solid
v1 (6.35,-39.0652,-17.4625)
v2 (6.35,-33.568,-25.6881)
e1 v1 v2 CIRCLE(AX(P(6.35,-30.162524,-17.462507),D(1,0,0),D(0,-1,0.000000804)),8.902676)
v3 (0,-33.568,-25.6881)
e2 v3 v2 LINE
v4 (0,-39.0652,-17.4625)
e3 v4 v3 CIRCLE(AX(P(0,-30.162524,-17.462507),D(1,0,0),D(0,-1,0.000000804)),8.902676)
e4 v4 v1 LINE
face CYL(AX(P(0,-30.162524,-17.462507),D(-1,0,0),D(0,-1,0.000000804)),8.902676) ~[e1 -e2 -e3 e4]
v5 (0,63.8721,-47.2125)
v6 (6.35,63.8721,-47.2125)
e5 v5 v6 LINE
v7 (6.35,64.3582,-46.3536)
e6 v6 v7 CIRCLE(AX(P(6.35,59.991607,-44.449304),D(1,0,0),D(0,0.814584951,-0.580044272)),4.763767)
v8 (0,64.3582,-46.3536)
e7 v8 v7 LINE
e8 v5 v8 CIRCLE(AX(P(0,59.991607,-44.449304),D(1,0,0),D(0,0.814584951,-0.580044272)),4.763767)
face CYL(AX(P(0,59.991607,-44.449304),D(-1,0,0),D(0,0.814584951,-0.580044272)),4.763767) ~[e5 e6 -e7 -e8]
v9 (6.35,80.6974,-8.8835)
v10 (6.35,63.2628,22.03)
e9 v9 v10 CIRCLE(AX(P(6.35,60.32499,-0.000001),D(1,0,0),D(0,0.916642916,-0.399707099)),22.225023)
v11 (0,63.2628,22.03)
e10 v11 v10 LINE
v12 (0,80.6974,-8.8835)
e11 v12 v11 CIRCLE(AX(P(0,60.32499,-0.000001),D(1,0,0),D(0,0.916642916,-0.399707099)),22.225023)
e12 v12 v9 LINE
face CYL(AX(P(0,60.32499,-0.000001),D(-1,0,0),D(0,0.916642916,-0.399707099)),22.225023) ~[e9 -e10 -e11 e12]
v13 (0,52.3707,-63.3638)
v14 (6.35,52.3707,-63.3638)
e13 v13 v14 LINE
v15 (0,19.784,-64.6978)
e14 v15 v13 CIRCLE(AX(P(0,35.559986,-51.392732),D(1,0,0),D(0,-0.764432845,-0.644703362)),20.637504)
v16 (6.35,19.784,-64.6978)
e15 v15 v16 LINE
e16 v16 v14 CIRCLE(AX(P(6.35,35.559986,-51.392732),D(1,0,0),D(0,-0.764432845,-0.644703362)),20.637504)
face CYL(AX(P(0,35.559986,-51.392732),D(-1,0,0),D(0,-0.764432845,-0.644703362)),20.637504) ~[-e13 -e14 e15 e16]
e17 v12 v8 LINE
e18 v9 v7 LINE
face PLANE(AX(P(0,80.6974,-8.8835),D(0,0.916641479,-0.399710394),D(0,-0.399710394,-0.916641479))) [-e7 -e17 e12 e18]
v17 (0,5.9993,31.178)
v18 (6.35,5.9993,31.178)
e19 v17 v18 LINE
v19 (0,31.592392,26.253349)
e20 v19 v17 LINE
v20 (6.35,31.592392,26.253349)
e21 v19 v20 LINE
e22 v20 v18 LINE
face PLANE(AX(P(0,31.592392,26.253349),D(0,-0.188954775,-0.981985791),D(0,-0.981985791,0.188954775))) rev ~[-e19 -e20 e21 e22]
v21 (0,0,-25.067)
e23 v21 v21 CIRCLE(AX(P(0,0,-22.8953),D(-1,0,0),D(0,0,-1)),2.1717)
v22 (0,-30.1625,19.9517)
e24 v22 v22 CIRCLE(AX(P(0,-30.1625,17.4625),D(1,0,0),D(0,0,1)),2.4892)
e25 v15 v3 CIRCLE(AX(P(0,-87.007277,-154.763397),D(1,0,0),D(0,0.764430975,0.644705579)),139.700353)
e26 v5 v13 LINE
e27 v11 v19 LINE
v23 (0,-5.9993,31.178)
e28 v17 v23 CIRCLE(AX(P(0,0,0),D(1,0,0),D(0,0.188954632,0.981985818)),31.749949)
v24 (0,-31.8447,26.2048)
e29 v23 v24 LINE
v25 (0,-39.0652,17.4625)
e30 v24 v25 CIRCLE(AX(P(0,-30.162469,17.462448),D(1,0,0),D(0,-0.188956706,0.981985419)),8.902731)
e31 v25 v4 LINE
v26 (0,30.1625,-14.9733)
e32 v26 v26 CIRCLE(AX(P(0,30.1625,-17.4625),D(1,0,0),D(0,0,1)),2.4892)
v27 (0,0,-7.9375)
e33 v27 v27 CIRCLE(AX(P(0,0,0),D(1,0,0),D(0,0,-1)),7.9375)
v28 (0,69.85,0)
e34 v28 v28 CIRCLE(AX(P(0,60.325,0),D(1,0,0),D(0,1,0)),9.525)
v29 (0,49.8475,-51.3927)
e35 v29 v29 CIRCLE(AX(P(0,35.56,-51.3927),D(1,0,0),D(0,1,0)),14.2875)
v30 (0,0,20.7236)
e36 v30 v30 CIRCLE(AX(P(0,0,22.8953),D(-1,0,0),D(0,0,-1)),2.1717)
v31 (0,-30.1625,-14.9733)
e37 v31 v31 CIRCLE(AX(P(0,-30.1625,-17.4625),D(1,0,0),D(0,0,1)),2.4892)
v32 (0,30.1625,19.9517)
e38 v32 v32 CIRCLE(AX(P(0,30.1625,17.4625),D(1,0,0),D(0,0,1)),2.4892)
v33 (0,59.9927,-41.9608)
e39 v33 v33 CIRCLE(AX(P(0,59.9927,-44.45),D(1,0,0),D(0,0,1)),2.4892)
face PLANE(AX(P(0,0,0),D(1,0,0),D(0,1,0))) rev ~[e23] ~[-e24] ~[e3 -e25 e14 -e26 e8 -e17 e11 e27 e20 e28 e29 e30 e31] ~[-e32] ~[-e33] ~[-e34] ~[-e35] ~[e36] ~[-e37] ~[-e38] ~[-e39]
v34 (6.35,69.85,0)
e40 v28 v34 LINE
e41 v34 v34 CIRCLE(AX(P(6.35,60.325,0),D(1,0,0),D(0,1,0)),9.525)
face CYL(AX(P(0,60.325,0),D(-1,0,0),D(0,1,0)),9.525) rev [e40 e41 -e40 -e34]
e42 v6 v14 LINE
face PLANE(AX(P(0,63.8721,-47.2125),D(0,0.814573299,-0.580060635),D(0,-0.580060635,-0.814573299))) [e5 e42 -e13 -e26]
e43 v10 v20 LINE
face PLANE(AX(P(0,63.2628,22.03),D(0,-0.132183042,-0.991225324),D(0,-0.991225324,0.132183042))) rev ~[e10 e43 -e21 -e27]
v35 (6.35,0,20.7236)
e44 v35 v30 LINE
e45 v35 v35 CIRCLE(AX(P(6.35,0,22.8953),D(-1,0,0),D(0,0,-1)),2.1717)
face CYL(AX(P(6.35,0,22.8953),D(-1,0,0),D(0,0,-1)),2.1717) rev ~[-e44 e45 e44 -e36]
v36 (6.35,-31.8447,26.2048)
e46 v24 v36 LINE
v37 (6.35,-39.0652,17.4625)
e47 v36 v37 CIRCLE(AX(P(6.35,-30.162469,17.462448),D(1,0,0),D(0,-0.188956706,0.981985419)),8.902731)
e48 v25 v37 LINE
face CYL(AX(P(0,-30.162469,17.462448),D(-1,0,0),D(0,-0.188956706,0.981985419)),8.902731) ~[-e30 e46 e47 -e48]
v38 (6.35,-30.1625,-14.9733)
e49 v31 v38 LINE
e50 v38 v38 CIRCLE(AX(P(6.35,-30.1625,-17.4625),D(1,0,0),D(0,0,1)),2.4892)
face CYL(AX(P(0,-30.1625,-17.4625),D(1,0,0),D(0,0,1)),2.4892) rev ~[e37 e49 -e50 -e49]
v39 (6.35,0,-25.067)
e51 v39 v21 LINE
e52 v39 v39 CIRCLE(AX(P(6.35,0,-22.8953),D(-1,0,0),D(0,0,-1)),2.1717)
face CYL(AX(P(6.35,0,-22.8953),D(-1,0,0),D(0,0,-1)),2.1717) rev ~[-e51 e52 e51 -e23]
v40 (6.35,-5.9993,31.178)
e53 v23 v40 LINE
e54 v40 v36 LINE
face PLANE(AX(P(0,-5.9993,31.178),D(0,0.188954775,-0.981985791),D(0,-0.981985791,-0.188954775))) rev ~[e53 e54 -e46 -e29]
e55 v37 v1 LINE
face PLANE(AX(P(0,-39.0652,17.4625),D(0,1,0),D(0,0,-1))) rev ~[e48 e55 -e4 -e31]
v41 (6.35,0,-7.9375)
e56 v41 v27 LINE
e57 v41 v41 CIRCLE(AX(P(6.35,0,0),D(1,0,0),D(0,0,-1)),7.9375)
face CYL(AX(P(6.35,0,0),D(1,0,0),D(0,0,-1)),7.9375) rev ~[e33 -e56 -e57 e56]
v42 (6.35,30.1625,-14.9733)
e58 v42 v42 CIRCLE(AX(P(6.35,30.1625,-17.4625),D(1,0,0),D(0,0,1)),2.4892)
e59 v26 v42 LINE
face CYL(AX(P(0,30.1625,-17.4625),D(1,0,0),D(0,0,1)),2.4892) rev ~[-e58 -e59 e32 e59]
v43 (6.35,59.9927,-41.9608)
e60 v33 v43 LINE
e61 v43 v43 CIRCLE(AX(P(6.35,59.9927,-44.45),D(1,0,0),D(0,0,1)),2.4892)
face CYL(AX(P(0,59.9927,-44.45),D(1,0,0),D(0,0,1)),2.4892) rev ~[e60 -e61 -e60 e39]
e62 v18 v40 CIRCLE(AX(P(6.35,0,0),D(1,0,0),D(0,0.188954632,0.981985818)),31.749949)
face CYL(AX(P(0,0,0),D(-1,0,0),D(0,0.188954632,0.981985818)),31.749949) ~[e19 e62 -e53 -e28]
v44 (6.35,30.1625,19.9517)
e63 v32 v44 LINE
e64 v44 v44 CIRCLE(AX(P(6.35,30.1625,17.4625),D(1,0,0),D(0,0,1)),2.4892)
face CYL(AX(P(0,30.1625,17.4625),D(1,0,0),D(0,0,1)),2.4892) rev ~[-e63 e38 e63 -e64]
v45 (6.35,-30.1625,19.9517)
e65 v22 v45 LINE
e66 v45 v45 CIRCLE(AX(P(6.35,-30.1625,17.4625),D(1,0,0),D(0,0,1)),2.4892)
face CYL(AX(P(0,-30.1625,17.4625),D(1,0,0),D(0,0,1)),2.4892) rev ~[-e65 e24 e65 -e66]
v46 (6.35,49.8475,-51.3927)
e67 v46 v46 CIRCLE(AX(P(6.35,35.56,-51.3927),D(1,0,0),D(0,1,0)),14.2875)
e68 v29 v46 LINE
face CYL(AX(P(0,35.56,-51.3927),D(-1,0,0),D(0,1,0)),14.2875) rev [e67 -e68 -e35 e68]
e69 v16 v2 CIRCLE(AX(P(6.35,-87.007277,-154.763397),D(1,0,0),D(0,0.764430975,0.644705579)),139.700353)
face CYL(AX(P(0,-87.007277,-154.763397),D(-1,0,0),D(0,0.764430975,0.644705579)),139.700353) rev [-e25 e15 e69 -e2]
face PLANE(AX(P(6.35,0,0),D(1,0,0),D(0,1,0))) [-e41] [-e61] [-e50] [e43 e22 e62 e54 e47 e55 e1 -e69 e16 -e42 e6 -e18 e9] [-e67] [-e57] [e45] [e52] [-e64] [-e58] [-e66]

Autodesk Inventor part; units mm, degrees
ref_plane "YZ Plane" through (0, 0, 0) normal (1, 0, 0) x (0, 1, 0)
ref_plane "XZ Plane" through (0, 0, 0) normal (0, 1, 0) x (-1, 0, 0)
ref_plane "XY Plane" through (0, 0, 0) normal (0, 0, 1) x (1, 0, 0)
sketch "Sketch1" plane through (0, 0, 0) normal (1, 0, 0) x (0, 1, 0)
  circle A0 centre (0, 0) radius 38.1 construction
  line L0 (27.94, -25.903) -> (27.94, -76.2) construction
  line L1 (27.94, -76.2) -> (-27.94, -76.2) construction
  line L2 (-27.94, -76.2) -> (-27.94, -25.903) construction
  line L3 (-30.1625, -17.4625) -> (30.1625, -17.4625) construction
  line L4 (30.1625, -17.4625) -> (30.1625, 17.4625) construction
  line L5 (30.1625, 17.4625) -> (-30.1625, 17.4625) construction
  line L6 (-30.1625, 17.4625) -> (-30.1625, -17.4625) construction
  line L7 (-30.1625, -17.4625) -> (30.1625, 17.4625) construction
  line L8 (30.1625, -17.4625) -> (-30.1625, 17.4625) construction
  circle A1 centre (30.1625, 17.4625) radius 2.5527 construction
  circle A2 centre (30.1625, -17.4625) radius 2.5527 construction
  circle A3 centre (-30.1625, -17.4625) radius 2.5527 construction
  circle A4 centre (-30.1625, 17.4625) radius 2.5527 construction
  point P0 (0, -76.2)
  dimension "d0" = 76.2
  dimension "d1" = 55.88
  dimension "d2" = 76.2
  dimension "d3" = 60.325
  dimension "d4" = 34.925
  dimension "d5" = 5.1054
  dimension "d6" = 5.1054
  dimension "d7" = 5.1054
  dimension "d8" = 5.1054
sketch "Sketch2" plane through (0, 0, 0) normal (1, 0, 0) x (0, 1, 0)
  line L0 (-30.1625, -17.4625) -> (30.1625, -17.4625) construction
  circle A0 centre (30.1625, -17.4625) radius 2.5527 construction
  circle A1 centre (-30.1625, -17.4625) radius 2.5527 construction
  line L1 (-30.1625, 17.4625) -> (-30.1625, -17.4625) construction
  circle A2 centre (-30.1625, 17.4625) radius 2.5527 construction
  line L2 (30.1625, -17.4625) -> (30.1625, 17.4625) construction
  line L3 (30.1625, -17.4625) -> (-30.1625, 17.4625) construction
  line L4 (30.1625, 17.4625) -> (-30.1625, 17.4625) construction
  line L5 (-30.1625, -17.4625) -> (30.1625, 17.4625) construction
  circle A3 centre (30.1625, 17.4625) radius 2.5527 construction
  circle A4 centre (0, 0) radius 38.1 construction
  line L6 (27.94, -25.903) -> (27.94, -76.2) construction
  line L7 (27.94, -76.2) -> (-27.94, -76.2) construction
  line L8 (-27.94, -76.2) -> (-27.94, -25.903) construction
  circle A5 centre (60.325, 0) radius 12.7 construction
  circle A6 centre (35.56, -51.3927) radius 14.2875
  circle A7 centre (35.56, -51.3927) radius 31.75 construction
  circle A8 centre (60.325, 0) radius 9.525
  circle A9 centre (60.325, 0) radius 22.225 construction
  circle A10 centre (30.1625, 17.4625) radius 8.9027 construction
  circle A11 centre (30.1625, -17.4625) radius 8.9027 construction
  circle A12 centre (-30.1625, -17.4625) radius 8.9027 construction
  circle A13 centre (-30.1625, 17.4625) radius 8.9027 construction
  line L9 (63.2628, 22.03) -> (31.3393, 26.2871)
  line L10 (-39.0652, 17.4625) -> (-39.0652, -17.4625)
  arc A14 (80.6974, -8.8835) -> (63.2628, 22.03) centre (60.325, 0) ccw
  arc A15 (31.3393, 26.2871) -> (31.8447, 26.2048) centre (30.1625, 17.4625) ccw
  arc A16 (-31.8447, 26.2048) -> (-39.0652, 17.4625) centre (-30.1625, 17.4625) ccw
  arc A17 (-39.0652, -17.4625) -> (-33.568, -25.6881) centre (-30.1625, -17.4625) ccw
  circle A18 centre (35.56, -51.3927) radius 25.4 construction
  circle A19 centre (17.331, -33.7048) radius 4.7625 construction
  circle A20 centre (32.8295, -73.6177) radius 4.8895 construction
  circle A21 centre (59.9927, -44.45) radius 4.7625 construction
  line L11 (80.6974, -8.8835) -> (64.3582, -46.3536)
  circle A22 centre (0, 0) radius 25.4
  circle A23 centre (0, 0) radius 31.75 construction
  line L12 (31.8447, 26.2048) -> (5.9993, 31.178)
  line L13 (-5.9993, 31.178) -> (-31.8447, 26.2048)
  arc A24 (5.9993, 31.178) -> (-5.9993, 31.178) centre (0, 0) ccw
  circle A25 centre (35.56, -51.3927) radius 29.9974 construction
  circle A26 centre (35.56, -51.3927) radius 20.6375 construction
  circle A27 centre (35.56, -51.3927) radius 7.62 construction
  line L14 (63.8721, -47.2125) -> (52.3707, -63.3638)
  arc A28 (63.8721, -47.2125) -> (64.3582, -46.3536) centre (59.9927, -44.45) ccw
  arc A29 (19.784, -64.6978) -> (-33.568, -25.6881) centre (-87.007, -154.7631) ccw
  arc A30 (19.784, -64.6978) -> (52.3707, -63.3638) centre (35.56, -51.3927) ccw
  point P0 (0, -76.2)
  point P1 (71.3235, -6.35)
  point P2 (71.3235, 6.35)
  point P3 (60.325, 12.7)
  point P4 (49.3265, 6.35)
  point P5 (49.3265, -6.35)
  point P6 (60.325, -12.7)
  point P7 (29.3562, -76.0235)
  point P8 (31.5932, 26.2532)
  dimension "d9" = 25.4
  dimension "d14" = 360
  dimension "d16" = 28.575
  dimension "d17" = 57.0484
  dimension "d19" = 63.5
  dimension "d20" = 19.05
  dimension "d23" = 6.35
  dimension "d43" = 360
  dimension "d45" = 9.525
  dimension "d46" = 9.779
  dimension "d47" = 9.525
  dimension "d56" = 50.8
  dimension "d57" = 6.35
  dimension "d58" = 44.45
  dimension "d60" = 76.2
  dimension "d65" = 59.9948
  dimension "d66" = 6.35
  dimension "d75" = 15.24
  dimension "d76" = 50.8
  dimension "d77" = 44.45
  dimension "d78" = 22.225
  dimension "d79" = 139.7
extrude "Extrusion1" add sketch "Sketch2" along normal blind 6.35 contours L12 A15 L9 | A14 L11 A28 L14 A30 A29 A17 L10 A16 L13 A24 L12 L9 | A22
hole "Hole3" at (0, 59.9927, -44.45) at (0, 30.1625, 17.4625) at (0, 30.1625, -17.4625) at (0, -30.1625, -17.4625) at (0, -30.1625, 17.4625) direction (1, 0, 0) diameter 4.9784 end through all clearance for "Flat Head Machine Screw (82)" size "#10" standard "Ansi Unified Screw Threads"
sketch "Sketch6" plane through (6.35, 0, 0) normal (1, 0, 0) x (0, 0, -1)
  circle A0 centre (0, 0) radius 7.9375
  dimension "d80" = 15.875
extrude "Extrusion5" cut sketch "Sketch6" against normal blind 6.35
sketch "Sketch7" plane through (6.35, 0, 0) normal (1, 0, 0) x (0, 0, -1)
  line L0 (-22.8953, 0) -> (22.8953, 0) construction
  point P0 (0, 0)
  point P1 (0, 0)
  dimension "d83" = 45.7905
hole "Hole4" at (6.35, 0, 22.8953) at (6.35, 0, -22.8953) direction (-1, 0, 0) diameter 4.3434 end through all thread size "12-24 UNC" class "2B" standard "ANSI Unified Screw Threads"
properties part number "AR-007" material "Aluminum 6061"
